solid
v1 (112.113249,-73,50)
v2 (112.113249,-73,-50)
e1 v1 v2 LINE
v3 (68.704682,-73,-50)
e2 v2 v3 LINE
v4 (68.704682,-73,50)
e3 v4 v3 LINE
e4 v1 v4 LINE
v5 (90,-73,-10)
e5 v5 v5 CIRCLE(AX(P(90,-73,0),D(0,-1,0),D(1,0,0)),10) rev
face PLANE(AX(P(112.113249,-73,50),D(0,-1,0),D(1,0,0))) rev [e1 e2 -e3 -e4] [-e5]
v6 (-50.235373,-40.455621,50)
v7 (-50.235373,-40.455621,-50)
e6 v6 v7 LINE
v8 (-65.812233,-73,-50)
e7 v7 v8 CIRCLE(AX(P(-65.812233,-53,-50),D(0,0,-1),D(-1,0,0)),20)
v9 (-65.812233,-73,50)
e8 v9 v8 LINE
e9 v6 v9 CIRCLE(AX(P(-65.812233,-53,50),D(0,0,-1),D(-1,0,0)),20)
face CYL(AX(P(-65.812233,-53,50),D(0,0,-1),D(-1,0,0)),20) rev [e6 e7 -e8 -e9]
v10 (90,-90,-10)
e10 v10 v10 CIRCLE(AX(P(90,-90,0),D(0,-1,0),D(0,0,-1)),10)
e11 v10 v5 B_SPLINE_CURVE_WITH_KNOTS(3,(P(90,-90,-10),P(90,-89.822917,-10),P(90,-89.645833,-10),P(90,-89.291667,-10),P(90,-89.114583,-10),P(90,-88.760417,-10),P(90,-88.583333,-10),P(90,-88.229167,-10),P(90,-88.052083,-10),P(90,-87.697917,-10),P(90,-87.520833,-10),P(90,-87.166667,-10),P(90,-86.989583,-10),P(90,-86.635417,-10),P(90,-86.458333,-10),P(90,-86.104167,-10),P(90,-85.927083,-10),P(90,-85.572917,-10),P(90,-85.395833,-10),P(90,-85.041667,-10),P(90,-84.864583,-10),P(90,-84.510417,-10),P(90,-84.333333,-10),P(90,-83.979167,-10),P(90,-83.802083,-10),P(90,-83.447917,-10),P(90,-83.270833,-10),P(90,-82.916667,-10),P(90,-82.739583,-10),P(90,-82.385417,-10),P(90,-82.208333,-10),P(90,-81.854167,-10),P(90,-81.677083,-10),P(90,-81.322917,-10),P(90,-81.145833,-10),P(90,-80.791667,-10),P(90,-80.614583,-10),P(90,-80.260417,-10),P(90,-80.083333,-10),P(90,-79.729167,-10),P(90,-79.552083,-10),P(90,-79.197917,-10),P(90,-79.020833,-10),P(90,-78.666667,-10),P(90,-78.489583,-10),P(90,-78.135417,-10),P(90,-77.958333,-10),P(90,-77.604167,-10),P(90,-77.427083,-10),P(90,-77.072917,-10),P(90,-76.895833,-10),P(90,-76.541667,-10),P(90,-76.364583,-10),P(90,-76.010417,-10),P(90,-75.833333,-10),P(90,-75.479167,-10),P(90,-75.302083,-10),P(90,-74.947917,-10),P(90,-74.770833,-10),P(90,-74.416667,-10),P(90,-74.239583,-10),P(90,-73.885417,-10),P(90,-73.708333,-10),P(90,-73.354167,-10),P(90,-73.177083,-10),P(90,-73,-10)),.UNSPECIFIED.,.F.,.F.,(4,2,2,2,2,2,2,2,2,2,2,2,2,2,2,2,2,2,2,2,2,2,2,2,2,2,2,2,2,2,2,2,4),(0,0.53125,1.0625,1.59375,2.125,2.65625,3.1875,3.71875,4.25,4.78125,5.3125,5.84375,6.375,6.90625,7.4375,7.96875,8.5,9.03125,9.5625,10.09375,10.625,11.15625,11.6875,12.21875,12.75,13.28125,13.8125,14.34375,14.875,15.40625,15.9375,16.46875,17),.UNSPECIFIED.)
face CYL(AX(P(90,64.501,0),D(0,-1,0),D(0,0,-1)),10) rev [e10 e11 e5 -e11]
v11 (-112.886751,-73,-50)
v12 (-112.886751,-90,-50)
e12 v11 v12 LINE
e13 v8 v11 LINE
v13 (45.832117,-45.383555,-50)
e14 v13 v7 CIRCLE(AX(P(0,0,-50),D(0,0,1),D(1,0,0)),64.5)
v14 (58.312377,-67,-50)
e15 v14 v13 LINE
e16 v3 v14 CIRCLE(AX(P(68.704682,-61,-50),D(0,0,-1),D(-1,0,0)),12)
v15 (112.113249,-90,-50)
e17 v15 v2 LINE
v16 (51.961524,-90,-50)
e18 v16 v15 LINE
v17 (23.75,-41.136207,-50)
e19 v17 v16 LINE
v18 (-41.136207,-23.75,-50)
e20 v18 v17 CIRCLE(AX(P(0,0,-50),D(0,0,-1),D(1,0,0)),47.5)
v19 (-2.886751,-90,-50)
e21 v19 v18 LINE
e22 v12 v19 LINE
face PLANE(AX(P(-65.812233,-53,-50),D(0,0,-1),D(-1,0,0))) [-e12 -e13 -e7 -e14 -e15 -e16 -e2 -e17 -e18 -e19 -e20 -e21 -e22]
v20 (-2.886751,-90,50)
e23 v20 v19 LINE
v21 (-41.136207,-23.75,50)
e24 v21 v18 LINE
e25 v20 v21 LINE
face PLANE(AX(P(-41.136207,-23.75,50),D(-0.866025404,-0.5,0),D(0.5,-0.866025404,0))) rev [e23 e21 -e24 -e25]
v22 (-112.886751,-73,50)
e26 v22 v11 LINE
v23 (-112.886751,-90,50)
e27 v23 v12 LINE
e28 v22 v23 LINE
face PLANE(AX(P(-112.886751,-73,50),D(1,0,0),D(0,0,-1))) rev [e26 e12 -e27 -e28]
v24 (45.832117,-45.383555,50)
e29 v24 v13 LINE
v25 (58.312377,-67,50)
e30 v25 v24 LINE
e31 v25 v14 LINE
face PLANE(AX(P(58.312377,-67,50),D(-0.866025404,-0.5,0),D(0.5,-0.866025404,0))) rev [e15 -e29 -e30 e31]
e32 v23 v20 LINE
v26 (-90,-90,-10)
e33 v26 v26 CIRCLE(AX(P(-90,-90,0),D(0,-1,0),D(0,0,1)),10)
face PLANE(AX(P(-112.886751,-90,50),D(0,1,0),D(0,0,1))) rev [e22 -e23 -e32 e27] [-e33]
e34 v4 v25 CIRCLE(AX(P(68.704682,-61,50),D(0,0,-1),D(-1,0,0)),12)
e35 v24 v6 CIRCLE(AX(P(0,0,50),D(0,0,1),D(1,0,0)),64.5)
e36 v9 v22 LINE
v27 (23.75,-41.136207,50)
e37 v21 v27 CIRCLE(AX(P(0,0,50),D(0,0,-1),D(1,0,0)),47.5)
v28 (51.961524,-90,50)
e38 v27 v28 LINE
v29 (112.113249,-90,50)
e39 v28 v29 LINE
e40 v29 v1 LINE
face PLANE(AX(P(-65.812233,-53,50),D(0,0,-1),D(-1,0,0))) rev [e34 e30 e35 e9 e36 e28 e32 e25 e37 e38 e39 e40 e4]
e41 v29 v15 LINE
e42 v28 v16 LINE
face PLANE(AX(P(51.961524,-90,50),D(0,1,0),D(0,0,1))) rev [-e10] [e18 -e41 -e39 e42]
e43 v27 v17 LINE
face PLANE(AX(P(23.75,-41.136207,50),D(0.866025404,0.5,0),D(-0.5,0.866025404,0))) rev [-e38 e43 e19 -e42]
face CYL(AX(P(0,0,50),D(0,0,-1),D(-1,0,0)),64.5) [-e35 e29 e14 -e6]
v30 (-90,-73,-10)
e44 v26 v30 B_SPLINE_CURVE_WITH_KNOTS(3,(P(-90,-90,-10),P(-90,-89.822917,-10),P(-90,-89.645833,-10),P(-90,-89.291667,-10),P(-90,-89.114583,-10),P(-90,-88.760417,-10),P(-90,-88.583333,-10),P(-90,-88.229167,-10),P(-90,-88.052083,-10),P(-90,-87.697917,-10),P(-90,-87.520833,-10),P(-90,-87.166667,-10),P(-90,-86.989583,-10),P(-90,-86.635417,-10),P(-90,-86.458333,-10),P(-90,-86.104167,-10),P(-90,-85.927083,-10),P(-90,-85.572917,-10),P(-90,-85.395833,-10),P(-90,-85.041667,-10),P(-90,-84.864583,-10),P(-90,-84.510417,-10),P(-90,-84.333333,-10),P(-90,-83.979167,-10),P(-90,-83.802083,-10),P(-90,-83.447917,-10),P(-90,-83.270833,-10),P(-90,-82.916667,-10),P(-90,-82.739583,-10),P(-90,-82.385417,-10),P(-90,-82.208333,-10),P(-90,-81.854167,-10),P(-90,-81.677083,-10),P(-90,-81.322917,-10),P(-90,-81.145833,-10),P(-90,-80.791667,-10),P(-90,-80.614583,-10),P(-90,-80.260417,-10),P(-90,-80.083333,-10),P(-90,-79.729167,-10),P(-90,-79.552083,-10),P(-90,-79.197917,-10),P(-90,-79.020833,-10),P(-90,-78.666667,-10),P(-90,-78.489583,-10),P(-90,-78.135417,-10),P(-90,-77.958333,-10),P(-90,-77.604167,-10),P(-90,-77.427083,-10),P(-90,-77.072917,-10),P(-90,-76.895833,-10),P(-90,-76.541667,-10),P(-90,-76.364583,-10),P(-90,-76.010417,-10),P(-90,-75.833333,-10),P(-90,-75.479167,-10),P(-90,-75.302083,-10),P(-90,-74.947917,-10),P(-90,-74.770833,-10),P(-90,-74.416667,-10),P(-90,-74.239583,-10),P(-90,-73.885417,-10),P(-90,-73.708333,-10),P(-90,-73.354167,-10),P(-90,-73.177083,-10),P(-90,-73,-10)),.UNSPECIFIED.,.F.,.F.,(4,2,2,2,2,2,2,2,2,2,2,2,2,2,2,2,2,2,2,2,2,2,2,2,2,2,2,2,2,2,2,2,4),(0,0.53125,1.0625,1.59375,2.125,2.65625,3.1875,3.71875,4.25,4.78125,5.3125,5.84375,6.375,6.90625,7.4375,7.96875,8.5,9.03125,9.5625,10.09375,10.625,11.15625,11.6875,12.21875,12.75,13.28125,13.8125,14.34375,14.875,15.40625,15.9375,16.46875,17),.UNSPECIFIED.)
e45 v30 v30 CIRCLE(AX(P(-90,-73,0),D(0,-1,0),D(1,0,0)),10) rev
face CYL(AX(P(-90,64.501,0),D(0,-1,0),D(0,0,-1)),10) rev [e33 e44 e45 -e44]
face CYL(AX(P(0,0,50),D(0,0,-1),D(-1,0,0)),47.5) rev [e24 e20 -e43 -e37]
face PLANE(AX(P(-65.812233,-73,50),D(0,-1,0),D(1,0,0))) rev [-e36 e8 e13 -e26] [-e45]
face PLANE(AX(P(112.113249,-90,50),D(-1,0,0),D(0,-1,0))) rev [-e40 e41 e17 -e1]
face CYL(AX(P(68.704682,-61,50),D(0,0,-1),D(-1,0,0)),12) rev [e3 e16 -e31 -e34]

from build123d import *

# Parameters (mm, degrees)
BOSS_EXTRUDE1_DEPTH = 50
CUT_EXTRUDE1_REACH  = 199.772
SKETCH2_R           = 10


with BuildPart() as part:
    # Sketch1 → Boss-Extrude1 (new, symmetric)
    with BuildSketch(Plane.XY):
        with BuildLine():
            Line((-65.812232905, -73), (-112.886751346, -73))
            Line((-112.886751346, -73), (-112.886751346, -90))
            Line((-112.886751346, -90), (-2.886751346, -90))
            Line((-2.886751346, -90), (-41.13620668, -23.75))
            ThreePointArc((-41.13620668, -23.75), (12.293904642, 45.881476749), (23.75, -41.13620668))
            Line((23.75, -41.13620668), (51.961524227, -90))
            Line((51.961524227, -90), (112.113248654, -90))
            Line((112.113248654, -90), (112.113248654, -73))
            Line((112.113248654, -73), (68.704682034, -73))
            ThreePointArc((68.704682034, -73), (62.704682034, -71.392304845), (58.312377188, -67))
            Line((58.312377188, -67), (45.832116851, -45.383555005))
            ThreePointArc((45.832116851, -45.383555005), (3.304284934, 64.415306419), (-50.235373046, -40.455621302))
            ThreePointArc((-50.235373046, -40.455621302), (-47.772172291, -61.634593969), (-65.812232905, -73))
        make_face()
    extrude(amount=BOSS_EXTRUDE1_DEPTH, both=True)

    # Sketch2 → Cut-Extrude1 (cut, up to next)
    with BuildSketch(Plane.XZ.offset(90), mode=Mode.PRIVATE) as cut_extrude1_sk1:
        with Locations(Location((90, 0, 0), (0, 0, 270))):
            Circle(SKETCH2_R)
    cut_extrude1_tool1 = extrude(cut_extrude1_sk1.sketch, amount=-CUT_EXTRUDE1_REACH, mode=Mode.PRIVATE) & part.part
    # Sketch2 → Cut-Extrude1 (cut, up to next)
    with BuildSketch(Plane.XZ.offset(90), mode=Mode.PRIVATE) as cut_extrude1_sk2:
        with Locations(Location((-90, 0, 0), (0, 0, 270))):
            Circle(SKETCH2_R)
    cut_extrude1_tool2 = extrude(cut_extrude1_sk2.sketch, amount=-CUT_EXTRUDE1_REACH, mode=Mode.PRIVATE) & part.part
    add(cut_extrude1_tool1.solids().sort_by_distance((90, -90, 0))[0], mode=Mode.SUBTRACT)
    add(cut_extrude1_tool2.solids().sort_by_distance((-90, -90, 0))[0], mode=Mode.SUBTRACT)


solid = part.part
